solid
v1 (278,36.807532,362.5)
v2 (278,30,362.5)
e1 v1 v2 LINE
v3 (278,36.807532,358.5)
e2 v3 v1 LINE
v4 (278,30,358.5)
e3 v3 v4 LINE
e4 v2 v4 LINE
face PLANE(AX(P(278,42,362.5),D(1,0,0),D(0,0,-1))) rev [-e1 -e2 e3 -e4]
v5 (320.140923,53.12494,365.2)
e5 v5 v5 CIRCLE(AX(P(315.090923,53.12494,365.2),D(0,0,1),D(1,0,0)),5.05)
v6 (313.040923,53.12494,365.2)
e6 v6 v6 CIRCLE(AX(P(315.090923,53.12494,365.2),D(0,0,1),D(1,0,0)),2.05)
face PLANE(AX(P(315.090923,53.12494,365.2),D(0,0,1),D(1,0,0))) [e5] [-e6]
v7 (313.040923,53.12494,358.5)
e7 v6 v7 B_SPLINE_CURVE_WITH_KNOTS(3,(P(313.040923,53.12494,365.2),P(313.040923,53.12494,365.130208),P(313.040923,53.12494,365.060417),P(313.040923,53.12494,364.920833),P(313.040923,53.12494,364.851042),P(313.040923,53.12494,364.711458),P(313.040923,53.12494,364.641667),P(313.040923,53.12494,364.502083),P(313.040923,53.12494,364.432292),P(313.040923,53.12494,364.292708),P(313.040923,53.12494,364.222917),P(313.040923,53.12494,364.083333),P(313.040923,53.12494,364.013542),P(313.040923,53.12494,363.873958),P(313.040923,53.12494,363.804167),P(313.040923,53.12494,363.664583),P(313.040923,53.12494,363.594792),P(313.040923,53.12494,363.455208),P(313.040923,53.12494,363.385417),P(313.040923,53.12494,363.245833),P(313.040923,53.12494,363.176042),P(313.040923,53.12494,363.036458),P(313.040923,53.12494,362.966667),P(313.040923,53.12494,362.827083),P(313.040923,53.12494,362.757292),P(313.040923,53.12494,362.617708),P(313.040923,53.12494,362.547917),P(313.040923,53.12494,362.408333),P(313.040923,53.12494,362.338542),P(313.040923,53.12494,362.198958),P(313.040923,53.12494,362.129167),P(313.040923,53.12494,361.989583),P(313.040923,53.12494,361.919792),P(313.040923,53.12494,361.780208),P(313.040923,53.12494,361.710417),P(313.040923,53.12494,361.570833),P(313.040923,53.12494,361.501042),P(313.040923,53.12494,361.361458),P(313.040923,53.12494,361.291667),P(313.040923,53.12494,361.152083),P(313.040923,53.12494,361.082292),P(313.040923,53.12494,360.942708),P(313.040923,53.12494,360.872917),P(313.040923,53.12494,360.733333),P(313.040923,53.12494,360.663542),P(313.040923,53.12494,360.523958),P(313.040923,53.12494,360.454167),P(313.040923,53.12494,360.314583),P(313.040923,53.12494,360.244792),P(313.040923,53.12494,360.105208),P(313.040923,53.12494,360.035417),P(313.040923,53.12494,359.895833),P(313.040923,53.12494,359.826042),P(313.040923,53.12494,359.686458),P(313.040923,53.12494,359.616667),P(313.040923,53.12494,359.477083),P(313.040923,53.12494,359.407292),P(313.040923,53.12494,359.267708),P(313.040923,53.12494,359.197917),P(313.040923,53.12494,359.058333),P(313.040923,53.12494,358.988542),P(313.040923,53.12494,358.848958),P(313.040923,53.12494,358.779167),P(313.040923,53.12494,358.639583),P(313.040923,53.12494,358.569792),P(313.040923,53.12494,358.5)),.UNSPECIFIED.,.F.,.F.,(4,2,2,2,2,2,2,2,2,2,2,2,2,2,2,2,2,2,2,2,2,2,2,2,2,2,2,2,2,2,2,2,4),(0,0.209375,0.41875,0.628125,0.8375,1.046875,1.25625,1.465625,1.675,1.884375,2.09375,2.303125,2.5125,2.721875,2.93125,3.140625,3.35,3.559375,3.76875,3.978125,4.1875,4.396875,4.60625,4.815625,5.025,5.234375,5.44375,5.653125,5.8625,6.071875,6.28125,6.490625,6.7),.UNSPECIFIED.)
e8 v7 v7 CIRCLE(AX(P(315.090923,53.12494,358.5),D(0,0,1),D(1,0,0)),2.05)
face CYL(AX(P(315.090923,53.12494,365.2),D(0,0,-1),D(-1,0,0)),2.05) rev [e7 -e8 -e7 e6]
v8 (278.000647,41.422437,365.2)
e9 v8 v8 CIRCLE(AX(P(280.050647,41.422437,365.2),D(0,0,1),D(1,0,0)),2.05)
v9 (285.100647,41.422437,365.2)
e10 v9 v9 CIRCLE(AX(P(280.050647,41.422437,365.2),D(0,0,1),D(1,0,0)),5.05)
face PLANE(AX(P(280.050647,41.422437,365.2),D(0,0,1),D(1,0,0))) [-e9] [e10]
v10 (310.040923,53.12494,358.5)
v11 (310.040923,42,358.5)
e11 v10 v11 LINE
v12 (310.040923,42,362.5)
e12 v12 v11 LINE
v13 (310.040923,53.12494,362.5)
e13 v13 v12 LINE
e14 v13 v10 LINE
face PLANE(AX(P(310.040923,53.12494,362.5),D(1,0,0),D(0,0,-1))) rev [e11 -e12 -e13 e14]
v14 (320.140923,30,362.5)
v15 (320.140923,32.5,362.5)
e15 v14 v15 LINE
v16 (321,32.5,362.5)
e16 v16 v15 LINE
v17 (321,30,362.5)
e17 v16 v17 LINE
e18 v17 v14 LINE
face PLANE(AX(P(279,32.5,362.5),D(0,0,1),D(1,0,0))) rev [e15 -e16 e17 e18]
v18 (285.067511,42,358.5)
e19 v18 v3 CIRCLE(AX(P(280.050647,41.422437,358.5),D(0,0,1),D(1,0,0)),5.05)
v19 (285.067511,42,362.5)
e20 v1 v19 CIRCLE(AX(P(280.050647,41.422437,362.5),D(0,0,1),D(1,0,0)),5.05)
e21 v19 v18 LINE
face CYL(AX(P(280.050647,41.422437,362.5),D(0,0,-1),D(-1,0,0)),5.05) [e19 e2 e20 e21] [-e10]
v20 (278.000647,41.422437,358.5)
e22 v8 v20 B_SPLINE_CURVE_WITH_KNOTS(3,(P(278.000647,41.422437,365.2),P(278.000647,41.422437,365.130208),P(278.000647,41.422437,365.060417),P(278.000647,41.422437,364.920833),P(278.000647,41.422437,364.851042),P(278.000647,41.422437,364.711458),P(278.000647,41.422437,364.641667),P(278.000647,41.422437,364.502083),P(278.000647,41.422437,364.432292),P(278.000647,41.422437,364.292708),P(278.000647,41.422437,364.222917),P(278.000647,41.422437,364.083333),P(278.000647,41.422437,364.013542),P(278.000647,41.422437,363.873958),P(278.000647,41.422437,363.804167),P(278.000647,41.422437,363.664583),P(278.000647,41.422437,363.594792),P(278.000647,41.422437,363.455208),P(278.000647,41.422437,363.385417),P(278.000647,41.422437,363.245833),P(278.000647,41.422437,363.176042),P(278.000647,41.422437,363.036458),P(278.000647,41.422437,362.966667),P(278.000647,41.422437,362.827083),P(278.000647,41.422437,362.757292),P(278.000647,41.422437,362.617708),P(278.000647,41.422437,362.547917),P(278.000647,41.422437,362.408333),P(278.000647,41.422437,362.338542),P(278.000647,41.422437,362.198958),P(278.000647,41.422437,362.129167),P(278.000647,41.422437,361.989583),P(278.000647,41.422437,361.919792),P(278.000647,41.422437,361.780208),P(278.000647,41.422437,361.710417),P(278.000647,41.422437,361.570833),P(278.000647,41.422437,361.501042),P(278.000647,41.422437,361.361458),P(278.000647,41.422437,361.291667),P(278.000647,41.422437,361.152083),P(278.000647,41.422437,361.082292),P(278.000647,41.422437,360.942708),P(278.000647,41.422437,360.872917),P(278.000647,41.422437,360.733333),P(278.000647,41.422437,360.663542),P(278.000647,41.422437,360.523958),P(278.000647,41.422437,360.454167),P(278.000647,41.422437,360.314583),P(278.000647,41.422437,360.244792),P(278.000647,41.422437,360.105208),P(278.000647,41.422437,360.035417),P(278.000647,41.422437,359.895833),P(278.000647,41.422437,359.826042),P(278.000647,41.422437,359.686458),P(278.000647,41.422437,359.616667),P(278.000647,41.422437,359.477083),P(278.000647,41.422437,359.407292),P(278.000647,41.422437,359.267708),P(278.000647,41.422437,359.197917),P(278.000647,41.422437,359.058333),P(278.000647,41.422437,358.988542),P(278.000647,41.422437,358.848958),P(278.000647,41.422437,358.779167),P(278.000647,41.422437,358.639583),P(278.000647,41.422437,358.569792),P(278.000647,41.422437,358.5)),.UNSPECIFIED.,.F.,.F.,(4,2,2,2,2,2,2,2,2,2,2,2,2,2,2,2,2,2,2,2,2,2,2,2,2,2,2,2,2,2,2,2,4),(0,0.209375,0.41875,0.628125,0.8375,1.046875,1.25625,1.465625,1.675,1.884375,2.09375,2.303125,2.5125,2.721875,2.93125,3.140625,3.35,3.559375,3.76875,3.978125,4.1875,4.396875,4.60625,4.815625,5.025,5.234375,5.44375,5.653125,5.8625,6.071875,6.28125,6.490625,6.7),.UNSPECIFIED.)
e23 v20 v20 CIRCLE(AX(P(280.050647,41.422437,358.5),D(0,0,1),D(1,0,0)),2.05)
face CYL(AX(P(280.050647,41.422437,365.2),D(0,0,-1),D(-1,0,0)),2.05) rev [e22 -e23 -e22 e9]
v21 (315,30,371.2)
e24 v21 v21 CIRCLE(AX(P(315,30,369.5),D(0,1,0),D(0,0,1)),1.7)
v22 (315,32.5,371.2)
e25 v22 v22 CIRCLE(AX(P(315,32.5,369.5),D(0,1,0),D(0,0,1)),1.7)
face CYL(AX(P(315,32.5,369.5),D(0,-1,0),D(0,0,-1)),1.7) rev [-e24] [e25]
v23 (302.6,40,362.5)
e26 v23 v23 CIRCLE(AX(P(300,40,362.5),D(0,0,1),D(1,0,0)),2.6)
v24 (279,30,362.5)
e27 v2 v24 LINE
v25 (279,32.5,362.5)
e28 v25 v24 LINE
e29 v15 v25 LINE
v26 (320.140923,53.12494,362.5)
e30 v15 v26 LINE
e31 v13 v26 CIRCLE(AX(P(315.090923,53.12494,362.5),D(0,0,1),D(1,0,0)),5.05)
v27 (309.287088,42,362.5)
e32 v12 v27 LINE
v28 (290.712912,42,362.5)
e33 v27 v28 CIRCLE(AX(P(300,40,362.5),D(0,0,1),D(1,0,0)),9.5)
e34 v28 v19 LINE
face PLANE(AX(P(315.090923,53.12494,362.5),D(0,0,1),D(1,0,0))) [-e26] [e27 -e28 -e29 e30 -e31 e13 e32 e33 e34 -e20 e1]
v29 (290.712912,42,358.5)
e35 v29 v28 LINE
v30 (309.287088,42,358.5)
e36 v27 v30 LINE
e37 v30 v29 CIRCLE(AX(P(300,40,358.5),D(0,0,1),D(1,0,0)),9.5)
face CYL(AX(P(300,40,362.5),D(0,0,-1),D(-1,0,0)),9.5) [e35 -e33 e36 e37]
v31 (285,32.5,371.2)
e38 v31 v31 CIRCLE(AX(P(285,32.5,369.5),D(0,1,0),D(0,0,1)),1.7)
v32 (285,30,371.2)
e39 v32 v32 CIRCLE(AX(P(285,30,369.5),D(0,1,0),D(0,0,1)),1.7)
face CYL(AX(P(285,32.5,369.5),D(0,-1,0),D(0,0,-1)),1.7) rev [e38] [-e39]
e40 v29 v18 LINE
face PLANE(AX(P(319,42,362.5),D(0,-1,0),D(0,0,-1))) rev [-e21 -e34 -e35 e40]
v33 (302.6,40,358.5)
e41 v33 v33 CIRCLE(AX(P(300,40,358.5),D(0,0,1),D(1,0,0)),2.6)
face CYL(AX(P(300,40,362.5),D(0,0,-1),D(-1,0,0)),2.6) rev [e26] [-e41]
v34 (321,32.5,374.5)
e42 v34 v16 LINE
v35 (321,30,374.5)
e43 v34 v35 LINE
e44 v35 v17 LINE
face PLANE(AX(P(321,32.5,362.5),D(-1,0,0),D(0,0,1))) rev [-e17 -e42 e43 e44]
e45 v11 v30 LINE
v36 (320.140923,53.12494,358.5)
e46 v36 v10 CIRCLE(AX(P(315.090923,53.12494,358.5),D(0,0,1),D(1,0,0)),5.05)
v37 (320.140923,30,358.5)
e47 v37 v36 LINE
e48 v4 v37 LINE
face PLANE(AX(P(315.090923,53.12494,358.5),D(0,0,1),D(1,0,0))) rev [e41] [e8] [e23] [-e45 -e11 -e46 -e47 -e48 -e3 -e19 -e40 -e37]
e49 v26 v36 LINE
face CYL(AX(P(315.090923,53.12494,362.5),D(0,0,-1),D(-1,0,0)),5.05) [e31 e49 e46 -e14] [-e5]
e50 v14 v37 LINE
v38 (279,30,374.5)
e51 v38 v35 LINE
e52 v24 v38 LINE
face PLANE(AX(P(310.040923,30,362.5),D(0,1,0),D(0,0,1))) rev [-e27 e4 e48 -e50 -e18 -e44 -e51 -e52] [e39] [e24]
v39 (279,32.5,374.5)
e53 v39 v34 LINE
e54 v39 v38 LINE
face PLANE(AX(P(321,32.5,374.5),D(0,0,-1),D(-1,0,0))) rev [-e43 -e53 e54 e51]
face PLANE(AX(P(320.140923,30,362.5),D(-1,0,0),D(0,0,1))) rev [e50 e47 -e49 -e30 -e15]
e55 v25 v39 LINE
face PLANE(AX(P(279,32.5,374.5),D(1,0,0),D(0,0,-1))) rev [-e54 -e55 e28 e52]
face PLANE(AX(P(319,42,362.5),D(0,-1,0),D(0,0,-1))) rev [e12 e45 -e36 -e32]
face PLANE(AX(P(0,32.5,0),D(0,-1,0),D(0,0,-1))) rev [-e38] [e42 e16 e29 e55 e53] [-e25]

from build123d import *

# Parameters (mm, degrees)
SKETCH1_W           = 41
SKETCH1_H           = 12
BOSS_EXTRUDE1_DEPTH = 4
SKETCH2_R           = 9.5
SKETCH2_R_2         = 2.6
BOSS_EXTRUDE2_DEPTH = 4
SKETCH3_R           = 5.05
BOSS_EXTRUDE3_DEPTH = 4
SKETCH4_R           = 5.05
BOSS_EXTRUDE4_DEPTH = 4
SKETCH5_W           = 10.1
SKETCH5_H           = 23.124939501
BOSS_EXTRUDE5_DEPTH = 4
SKETCH6_W           = 42
SKETCH6_H           = 12
SKETCH6_R           = 1.7
BOSS_EXTRUDE6_DEPTH = 2.5
SKETCH7_R           = 2.6
CUT_EXTRUDE1_DEPTH  = 4
SKETCH8_R           = 5.05
BOSS_EXTRUDE7_DEPTH = 2.7
SKETCH9_R           = 2.05
CUT_EXTRUDE2_DEPTH  = 6.7


with BuildPart() as part:
    # Sketch1 → Boss-Extrude1 (new body)
    with BuildSketch(Plane.XY.offset(358.5)):
        with Locations((298.5, 36)):
            Rectangle(SKETCH1_W, SKETCH1_H)
    extrude(amount=BOSS_EXTRUDE1_DEPTH)

    # Sketch2 → Boss-Extrude2 (add)
    with BuildSketch(Plane.XY.offset(358.5)):
        with Locations((300, 40)):
            Circle(SKETCH2_R)
        with Locations((300, 40)):
            Circle(SKETCH2_R_2, mode=Mode.SUBTRACT)
    extrude(amount=BOSS_EXTRUDE2_DEPTH)

    # Sketch4 → Boss-Extrude4 (add)
    with BuildSketch(Plane.XY.offset(358.5)):
        with Locations((280.050647312, 41.422437104)):
            Circle(SKETCH4_R)
    extrude(amount=BOSS_EXTRUDE4_DEPTH)



with BuildPart() as body_2:
    # Sketch3 → Boss-Extrude3 (new body)
    with BuildSketch(Plane.XY.offset(358.5)):
        with Locations((315.090923202, 53.124939501)):
            Circle(SKETCH3_R)
    extrude(amount=BOSS_EXTRUDE3_DEPTH)


with BuildPart() as part_1:
    add(part.part)

    add(body_2.part)  # Boss-Extrude5 merges body 2
    # Sketch5 → Boss-Extrude5 (add)
    with BuildSketch(Plane.XY.offset(358.5)):
        with Locations((315.090923202, 41.562469751)):
            Rectangle(SKETCH5_W, SKETCH5_H)
    extrude(amount=BOSS_EXTRUDE5_DEPTH)

    # Sketch6 → Boss-Extrude6 (add)
    with BuildSketch(Plane(origin=(0, 30, 0), x_dir=(1, 0, 0), z_dir=(0, 1, 0))):
        with Locations((300, -368.5)):
            Rectangle(SKETCH6_W, SKETCH6_H)
        with Locations((285, -369.5)):
            Circle(SKETCH6_R, mode=Mode.SUBTRACT)
        with Locations((315, -369.5)):
            Circle(SKETCH6_R, mode=Mode.SUBTRACT)
    extrude(amount=BOSS_EXTRUDE6_DEPTH)

    # Sketch7 → Cut-Extrude1 (cut)
    with BuildSketch(Plane.XY.offset(358.5)):
        with Locations((300, 40)):
            Circle(SKETCH7_R)
    extrude(amount=CUT_EXTRUDE1_DEPTH, mode=Mode.SUBTRACT)

    # Sketch8 → Boss-Extrude7 (add)
    with BuildSketch(Plane.XY.offset(362.5)):
        with Locations((315.090923202, 53.124939501)):
            Circle(SKETCH8_R)
        with Locations((280.050647312, 41.422437104)):
            Circle(SKETCH8_R)
    extrude(amount=BOSS_EXTRUDE7_DEPTH)

    # Sketch9 → Cut-Extrude2 (cut)
    with BuildSketch(Plane.XY.offset(358.5)):
        with Locations((315.090923202, 53.124939501)):
            Circle(SKETCH9_R)
        with Locations((280.050647312, 41.422437104)):
            Circle(SKETCH9_R)
    extrude(amount=CUT_EXTRUDE2_DEPTH, mode=Mode.SUBTRACT)


solid = part_1.part
